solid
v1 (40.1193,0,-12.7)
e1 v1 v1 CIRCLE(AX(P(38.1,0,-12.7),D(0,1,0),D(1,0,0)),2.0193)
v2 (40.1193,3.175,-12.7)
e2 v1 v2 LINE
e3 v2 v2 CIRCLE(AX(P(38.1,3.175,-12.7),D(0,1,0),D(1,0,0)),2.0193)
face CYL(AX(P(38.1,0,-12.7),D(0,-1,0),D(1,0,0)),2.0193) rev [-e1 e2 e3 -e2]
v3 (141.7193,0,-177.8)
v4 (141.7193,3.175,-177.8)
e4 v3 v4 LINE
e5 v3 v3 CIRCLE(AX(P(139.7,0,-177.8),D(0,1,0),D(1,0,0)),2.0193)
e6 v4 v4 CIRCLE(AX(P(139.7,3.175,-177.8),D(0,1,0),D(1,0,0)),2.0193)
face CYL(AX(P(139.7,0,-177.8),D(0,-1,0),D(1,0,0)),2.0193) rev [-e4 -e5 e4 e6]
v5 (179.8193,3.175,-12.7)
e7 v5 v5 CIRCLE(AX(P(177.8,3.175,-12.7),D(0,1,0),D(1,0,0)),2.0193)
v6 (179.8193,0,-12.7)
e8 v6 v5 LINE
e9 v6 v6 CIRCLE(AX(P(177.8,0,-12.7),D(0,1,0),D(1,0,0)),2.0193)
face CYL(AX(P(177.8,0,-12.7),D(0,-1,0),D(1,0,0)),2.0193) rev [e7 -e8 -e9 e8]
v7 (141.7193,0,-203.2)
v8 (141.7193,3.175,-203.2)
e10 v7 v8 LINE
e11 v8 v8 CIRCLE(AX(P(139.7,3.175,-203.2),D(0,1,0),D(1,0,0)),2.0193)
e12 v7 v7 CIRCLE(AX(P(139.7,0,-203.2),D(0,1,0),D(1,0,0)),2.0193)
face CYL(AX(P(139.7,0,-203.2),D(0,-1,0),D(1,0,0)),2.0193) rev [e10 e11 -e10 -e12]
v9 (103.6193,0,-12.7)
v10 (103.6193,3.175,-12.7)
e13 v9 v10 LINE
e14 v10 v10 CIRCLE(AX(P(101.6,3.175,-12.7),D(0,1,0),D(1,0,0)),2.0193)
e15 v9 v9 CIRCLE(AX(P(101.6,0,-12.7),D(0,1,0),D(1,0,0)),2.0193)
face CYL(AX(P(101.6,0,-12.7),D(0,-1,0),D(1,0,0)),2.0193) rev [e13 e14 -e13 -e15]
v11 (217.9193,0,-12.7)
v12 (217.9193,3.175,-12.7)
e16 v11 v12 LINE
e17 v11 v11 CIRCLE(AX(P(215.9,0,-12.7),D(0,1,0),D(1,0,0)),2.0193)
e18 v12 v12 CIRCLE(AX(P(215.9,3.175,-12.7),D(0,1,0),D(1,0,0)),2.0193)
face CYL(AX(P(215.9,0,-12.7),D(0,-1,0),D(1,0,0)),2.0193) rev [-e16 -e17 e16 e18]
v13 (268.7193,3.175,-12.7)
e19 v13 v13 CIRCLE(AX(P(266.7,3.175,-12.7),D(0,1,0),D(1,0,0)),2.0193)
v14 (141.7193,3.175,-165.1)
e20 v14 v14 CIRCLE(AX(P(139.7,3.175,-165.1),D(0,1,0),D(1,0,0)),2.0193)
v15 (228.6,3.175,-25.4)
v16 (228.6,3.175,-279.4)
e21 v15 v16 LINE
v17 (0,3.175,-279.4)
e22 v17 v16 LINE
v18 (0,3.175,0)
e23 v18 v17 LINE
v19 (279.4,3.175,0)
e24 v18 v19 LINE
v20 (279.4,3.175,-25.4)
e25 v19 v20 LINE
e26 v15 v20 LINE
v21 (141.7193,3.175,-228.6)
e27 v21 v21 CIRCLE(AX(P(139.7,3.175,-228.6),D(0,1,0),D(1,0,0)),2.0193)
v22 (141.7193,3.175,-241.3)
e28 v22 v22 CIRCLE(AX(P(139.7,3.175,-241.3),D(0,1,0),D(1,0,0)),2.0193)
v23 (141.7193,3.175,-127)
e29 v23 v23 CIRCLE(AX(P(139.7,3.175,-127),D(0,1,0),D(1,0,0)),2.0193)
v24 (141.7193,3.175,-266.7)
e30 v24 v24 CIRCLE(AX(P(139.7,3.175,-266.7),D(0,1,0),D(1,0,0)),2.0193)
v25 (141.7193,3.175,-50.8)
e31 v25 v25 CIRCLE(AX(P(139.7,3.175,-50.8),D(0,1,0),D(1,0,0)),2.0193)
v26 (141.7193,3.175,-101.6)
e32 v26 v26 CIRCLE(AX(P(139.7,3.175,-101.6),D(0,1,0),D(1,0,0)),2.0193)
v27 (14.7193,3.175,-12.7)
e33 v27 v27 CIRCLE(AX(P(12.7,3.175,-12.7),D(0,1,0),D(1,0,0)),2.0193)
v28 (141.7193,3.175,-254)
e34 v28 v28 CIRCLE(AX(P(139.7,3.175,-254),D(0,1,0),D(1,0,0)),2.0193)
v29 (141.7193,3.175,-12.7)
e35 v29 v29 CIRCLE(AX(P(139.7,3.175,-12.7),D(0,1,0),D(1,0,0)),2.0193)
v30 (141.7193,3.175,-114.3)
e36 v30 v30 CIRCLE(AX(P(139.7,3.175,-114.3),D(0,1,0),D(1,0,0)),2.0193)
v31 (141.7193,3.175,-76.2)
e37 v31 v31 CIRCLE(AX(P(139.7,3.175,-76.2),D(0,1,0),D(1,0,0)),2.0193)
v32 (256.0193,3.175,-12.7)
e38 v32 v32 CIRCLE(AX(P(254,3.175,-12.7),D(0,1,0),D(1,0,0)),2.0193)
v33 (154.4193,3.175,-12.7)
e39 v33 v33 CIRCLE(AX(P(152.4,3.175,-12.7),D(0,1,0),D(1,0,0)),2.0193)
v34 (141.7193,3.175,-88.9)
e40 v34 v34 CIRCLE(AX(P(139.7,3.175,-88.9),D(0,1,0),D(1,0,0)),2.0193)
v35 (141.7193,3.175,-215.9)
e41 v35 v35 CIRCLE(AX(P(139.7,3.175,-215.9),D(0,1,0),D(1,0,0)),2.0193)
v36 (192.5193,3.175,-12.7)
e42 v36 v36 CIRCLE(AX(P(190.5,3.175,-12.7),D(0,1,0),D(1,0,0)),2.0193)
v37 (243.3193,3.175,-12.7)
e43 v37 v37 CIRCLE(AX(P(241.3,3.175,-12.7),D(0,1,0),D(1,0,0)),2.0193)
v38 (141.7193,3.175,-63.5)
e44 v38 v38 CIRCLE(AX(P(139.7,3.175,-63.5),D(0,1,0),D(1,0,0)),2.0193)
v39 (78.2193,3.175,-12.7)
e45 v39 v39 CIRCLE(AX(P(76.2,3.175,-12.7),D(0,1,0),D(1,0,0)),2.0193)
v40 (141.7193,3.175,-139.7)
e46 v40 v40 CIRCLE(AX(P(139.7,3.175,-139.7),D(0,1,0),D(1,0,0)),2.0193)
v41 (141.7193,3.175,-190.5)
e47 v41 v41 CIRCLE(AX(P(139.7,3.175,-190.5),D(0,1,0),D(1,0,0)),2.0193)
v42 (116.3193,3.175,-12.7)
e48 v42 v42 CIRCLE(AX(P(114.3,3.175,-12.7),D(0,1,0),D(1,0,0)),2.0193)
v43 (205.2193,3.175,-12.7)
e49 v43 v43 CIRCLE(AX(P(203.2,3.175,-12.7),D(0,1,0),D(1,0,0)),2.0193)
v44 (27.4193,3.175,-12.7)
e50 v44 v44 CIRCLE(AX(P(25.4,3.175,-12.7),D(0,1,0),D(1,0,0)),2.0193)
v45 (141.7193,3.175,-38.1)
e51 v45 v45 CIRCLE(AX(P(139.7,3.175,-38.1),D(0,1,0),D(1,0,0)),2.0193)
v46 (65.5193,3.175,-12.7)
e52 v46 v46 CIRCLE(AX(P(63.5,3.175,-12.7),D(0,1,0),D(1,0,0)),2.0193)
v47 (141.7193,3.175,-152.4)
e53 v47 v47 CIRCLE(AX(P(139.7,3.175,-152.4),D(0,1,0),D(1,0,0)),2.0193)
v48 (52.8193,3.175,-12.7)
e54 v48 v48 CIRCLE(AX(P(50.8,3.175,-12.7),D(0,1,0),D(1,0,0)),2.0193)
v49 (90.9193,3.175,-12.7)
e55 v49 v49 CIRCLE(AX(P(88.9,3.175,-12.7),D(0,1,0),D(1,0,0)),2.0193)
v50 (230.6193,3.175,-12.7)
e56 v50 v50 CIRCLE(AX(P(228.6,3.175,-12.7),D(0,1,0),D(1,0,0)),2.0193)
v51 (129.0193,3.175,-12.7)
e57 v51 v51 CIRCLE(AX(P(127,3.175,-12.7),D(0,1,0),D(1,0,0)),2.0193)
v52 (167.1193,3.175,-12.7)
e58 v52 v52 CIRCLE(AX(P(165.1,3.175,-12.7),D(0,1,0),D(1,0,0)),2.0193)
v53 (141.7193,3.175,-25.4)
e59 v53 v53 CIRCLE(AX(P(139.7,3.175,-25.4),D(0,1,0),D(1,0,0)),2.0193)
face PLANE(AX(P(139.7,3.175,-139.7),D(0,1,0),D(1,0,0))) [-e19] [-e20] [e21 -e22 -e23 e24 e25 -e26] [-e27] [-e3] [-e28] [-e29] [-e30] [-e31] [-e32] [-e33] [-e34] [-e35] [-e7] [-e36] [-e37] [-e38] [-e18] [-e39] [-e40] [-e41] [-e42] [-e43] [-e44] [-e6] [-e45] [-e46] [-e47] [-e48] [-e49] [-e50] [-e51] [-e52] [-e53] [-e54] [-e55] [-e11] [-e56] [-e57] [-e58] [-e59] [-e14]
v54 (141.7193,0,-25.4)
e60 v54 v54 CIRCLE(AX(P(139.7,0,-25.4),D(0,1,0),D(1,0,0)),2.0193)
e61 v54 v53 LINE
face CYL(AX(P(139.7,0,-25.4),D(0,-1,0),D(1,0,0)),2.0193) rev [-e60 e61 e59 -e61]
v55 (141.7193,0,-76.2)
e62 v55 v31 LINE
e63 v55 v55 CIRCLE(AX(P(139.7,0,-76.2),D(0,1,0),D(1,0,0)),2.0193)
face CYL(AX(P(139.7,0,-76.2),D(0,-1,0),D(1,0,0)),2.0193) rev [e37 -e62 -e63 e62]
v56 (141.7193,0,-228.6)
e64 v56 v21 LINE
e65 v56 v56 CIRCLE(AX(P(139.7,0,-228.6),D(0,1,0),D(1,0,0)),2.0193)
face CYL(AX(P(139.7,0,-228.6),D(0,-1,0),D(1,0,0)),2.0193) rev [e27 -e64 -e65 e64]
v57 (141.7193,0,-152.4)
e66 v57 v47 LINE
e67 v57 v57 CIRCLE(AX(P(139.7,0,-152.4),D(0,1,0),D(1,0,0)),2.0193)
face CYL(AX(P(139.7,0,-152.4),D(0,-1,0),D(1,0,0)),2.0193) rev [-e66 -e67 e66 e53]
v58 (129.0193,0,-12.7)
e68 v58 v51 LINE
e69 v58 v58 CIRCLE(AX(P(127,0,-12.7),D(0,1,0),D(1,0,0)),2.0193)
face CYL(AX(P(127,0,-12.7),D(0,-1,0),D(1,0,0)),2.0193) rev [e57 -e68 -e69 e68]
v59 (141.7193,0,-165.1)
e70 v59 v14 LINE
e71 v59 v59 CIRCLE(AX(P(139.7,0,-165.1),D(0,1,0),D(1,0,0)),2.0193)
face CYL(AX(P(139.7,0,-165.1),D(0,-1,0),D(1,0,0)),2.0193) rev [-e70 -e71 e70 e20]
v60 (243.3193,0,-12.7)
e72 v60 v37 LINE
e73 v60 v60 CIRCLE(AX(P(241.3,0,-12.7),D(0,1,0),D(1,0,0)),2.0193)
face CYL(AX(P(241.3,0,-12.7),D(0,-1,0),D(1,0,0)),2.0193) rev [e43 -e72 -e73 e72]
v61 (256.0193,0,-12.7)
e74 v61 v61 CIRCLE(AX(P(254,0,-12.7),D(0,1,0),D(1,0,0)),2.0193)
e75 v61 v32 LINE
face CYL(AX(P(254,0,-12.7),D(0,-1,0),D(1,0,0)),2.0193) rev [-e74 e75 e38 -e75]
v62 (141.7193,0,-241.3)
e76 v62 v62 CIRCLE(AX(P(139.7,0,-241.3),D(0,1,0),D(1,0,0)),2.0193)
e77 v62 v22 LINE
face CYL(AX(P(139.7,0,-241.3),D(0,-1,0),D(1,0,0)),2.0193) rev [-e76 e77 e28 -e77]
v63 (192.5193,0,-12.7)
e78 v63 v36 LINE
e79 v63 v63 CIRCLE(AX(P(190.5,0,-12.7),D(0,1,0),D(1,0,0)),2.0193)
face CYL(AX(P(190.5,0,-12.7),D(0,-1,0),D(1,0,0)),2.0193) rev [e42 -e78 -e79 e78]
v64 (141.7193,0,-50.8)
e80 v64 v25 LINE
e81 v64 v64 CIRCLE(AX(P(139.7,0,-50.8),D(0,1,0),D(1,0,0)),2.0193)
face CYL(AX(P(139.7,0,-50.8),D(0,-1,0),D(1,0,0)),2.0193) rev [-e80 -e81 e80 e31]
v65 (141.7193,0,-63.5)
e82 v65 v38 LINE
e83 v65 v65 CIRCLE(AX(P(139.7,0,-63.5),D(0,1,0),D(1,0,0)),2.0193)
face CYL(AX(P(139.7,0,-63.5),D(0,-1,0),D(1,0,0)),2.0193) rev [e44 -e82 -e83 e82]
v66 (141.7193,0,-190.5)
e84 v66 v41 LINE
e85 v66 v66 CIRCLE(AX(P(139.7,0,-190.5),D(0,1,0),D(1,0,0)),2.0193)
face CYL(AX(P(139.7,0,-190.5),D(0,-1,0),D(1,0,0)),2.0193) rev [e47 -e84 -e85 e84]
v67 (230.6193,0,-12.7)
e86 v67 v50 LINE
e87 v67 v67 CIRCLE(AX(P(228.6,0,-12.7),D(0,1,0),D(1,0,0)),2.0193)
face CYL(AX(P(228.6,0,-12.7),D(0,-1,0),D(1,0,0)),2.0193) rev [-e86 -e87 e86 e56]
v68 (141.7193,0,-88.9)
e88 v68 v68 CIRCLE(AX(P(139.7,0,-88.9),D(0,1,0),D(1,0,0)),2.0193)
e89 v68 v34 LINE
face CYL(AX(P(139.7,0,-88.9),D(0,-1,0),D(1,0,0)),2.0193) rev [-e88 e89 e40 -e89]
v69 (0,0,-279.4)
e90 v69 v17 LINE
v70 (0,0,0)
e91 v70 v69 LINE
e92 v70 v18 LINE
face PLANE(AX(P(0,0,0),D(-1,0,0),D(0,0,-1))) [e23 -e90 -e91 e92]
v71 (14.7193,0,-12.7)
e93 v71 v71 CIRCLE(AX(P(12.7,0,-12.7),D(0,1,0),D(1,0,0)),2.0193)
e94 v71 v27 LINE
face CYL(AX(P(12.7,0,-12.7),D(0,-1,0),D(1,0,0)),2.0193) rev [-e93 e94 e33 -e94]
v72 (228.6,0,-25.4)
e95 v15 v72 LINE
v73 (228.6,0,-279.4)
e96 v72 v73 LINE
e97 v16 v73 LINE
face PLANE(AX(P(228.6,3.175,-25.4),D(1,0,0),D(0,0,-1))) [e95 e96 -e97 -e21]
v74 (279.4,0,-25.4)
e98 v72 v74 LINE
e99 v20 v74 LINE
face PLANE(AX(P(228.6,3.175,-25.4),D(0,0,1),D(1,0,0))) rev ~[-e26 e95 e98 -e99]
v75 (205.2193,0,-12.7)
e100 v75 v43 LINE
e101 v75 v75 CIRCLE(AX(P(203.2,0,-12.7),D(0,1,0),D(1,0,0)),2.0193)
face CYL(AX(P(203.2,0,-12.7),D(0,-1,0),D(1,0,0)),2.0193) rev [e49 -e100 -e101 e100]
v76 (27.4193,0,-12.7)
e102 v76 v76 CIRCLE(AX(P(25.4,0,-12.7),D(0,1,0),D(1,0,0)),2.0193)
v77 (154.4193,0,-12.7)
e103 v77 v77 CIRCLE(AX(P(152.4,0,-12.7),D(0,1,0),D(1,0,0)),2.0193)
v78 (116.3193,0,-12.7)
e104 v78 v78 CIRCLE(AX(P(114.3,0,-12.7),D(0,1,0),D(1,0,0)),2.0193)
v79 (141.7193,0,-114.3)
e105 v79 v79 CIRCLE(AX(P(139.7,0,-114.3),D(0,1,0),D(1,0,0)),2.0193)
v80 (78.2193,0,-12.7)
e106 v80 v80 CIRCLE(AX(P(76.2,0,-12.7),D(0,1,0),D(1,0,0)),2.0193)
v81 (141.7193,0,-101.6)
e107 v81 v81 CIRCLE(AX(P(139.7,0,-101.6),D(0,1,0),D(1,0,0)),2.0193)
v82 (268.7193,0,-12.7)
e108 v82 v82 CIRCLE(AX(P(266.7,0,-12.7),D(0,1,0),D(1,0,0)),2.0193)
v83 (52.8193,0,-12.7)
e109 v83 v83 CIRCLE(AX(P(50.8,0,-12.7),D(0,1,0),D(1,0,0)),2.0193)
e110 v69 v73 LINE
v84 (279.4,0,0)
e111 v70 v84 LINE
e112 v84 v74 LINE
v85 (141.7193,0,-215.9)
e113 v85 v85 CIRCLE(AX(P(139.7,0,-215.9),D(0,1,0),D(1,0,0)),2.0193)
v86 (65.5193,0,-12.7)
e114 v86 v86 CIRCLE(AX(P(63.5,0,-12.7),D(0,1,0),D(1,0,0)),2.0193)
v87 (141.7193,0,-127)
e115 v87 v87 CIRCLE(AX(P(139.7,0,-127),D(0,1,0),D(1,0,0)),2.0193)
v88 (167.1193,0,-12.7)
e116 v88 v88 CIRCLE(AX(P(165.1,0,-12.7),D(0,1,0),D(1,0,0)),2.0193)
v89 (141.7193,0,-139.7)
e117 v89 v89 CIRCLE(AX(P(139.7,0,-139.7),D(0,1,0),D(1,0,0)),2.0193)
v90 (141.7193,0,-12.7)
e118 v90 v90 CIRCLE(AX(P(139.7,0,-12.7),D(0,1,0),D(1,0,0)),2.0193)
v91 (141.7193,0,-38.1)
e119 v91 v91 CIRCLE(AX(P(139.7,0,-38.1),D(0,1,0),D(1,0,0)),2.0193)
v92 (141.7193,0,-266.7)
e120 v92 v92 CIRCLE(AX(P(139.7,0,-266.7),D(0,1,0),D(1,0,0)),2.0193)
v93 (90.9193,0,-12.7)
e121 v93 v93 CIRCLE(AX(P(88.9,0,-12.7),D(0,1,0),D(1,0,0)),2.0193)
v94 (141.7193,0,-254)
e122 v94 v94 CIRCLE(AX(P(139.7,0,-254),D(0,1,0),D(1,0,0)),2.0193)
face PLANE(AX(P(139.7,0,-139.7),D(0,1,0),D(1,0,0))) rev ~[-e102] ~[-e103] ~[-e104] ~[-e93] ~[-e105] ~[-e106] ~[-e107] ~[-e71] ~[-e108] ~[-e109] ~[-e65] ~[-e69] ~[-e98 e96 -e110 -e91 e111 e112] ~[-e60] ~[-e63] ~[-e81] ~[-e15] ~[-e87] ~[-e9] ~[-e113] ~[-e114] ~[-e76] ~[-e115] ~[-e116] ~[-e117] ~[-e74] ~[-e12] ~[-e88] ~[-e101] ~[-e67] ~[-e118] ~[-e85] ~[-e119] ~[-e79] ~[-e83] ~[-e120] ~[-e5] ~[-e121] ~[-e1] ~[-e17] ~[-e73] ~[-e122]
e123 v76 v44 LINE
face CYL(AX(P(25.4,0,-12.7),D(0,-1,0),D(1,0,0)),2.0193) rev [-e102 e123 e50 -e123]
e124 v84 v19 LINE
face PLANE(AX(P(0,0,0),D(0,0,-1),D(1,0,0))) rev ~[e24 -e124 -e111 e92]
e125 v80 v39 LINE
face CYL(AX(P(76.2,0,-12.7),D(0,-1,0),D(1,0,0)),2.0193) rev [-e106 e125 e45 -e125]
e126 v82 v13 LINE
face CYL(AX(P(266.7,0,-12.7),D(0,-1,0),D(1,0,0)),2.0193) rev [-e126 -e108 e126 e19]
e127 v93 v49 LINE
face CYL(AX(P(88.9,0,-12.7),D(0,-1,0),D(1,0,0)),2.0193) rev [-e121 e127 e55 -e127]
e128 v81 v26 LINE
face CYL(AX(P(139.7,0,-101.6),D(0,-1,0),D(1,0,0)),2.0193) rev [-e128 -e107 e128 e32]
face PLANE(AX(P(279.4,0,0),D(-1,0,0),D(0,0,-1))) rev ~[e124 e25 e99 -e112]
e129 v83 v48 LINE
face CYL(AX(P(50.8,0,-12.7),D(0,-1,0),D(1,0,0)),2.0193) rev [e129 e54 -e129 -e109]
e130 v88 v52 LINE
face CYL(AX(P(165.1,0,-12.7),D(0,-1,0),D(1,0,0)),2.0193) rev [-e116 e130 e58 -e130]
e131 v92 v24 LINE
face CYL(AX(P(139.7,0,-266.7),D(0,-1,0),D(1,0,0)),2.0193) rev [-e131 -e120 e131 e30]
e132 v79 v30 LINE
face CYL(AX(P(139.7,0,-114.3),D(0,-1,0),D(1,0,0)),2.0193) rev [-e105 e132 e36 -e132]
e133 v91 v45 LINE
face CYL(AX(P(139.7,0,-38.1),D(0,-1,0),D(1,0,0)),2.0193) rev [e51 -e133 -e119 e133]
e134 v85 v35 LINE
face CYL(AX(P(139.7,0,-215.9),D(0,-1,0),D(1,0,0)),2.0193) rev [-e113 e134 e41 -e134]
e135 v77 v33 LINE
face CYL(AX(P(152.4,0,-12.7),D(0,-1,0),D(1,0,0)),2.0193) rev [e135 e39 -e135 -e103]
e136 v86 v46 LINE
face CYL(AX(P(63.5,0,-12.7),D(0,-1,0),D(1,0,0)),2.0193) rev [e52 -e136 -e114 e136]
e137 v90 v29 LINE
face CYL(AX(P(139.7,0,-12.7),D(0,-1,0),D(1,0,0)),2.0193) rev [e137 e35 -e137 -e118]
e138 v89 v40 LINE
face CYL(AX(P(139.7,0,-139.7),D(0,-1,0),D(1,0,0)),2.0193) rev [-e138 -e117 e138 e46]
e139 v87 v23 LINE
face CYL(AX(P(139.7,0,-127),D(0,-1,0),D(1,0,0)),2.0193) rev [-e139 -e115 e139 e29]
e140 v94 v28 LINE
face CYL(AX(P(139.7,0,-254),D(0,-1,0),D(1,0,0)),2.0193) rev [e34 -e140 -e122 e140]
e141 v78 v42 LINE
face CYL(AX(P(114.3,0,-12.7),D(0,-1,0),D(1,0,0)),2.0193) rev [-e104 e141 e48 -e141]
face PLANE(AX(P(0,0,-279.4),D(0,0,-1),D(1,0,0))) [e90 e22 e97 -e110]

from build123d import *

# Parameters (mm, degrees)
SKETCH1_W           = 279.4
SKETCH1_H           = 279.4
SKETCH1_R           = 2.0193
BOSS_EXTRUDE1_DEPTH = 3.175
SKETCH2_W           = 50.8
SKETCH2_H           = 254
CUT_EXTRUDE1_DEPTH  = 4.175


with BuildPart() as part:
    # Sketch1 → Boss-Extrude1 (new body)
    with BuildSketch(Plane(origin=(0, 0, 0), x_dir=(1, 0, 0), z_dir=(0, 1, 0))):
        with Locations((139.7, 139.7)):
            Rectangle(SKETCH1_W, SKETCH1_H)
        with Locations((12.7, 12.7)):
            Circle(SKETCH1_R, mode=Mode.SUBTRACT)
        with Locations((25.4, 12.7)):
            Circle(SKETCH1_R, mode=Mode.SUBTRACT)
        with Locations((38.1, 12.7)):
            Circle(SKETCH1_R, mode=Mode.SUBTRACT)
        with Locations((50.8, 12.7)):
            Circle(SKETCH1_R, mode=Mode.SUBTRACT)
        with Locations((63.5, 12.7)):
            Circle(SKETCH1_R, mode=Mode.SUBTRACT)
        with Locations((76.2, 12.7)):
            Circle(SKETCH1_R, mode=Mode.SUBTRACT)
        with Locations((88.9, 12.7)):
            Circle(SKETCH1_R, mode=Mode.SUBTRACT)
        with Locations((101.6, 12.7)):
            Circle(SKETCH1_R, mode=Mode.SUBTRACT)
        with Locations((114.3, 12.7)):
            Circle(SKETCH1_R, mode=Mode.SUBTRACT)
        with Locations((127, 12.7)):
            Circle(SKETCH1_R, mode=Mode.SUBTRACT)
        with Locations((139.7, 12.7)):
            Circle(SKETCH1_R, mode=Mode.SUBTRACT)
        with Locations((139.7, 25.4)):
            Circle(SKETCH1_R, mode=Mode.SUBTRACT)
        with Locations((139.7, 38.1)):
            Circle(SKETCH1_R, mode=Mode.SUBTRACT)
        with Locations((139.7, 50.8)):
            Circle(SKETCH1_R, mode=Mode.SUBTRACT)
        with Locations((139.7, 63.5)):
            Circle(SKETCH1_R, mode=Mode.SUBTRACT)
        with Locations((139.7, 76.2)):
            Circle(SKETCH1_R, mode=Mode.SUBTRACT)
        with Locations((139.7, 88.9)):
            Circle(SKETCH1_R, mode=Mode.SUBTRACT)
        with Locations((139.7, 101.6)):
            Circle(SKETCH1_R, mode=Mode.SUBTRACT)
        with Locations((139.7, 114.3)):
            Circle(SKETCH1_R, mode=Mode.SUBTRACT)
        with Locations((139.7, 127)):
            Circle(SKETCH1_R, mode=Mode.SUBTRACT)
        with Locations((139.7, 139.7)):
            Circle(SKETCH1_R, mode=Mode.SUBTRACT)
        with Locations((139.7, 152.4)):
            Circle(SKETCH1_R, mode=Mode.SUBTRACT)
        with Locations((139.7, 165.1)):
            Circle(SKETCH1_R, mode=Mode.SUBTRACT)
        with Locations((139.7, 177.8)):
            Circle(SKETCH1_R, mode=Mode.SUBTRACT)
        with Locations((139.7, 190.5)):
            Circle(SKETCH1_R, mode=Mode.SUBTRACT)
        with Locations((139.7, 203.2)):
            Circle(SKETCH1_R, mode=Mode.SUBTRACT)
        with Locations((139.7, 215.9)):
            Circle(SKETCH1_R, mode=Mode.SUBTRACT)
        with Locations((139.7, 228.6)):
            Circle(SKETCH1_R, mode=Mode.SUBTRACT)
        with Locations((139.7, 241.3)):
            Circle(SKETCH1_R, mode=Mode.SUBTRACT)
        with Locations((139.7, 254)):
            Circle(SKETCH1_R, mode=Mode.SUBTRACT)
        with Locations((139.7, 266.7)):
            Circle(SKETCH1_R, mode=Mode.SUBTRACT)
        with Locations((152.4, 12.7)):
            Circle(SKETCH1_R, mode=Mode.SUBTRACT)
        with Locations((165.1, 12.7)):
            Circle(SKETCH1_R, mode=Mode.SUBTRACT)
        with Locations((177.8, 12.7)):
            Circle(SKETCH1_R, mode=Mode.SUBTRACT)
        with Locations((190.5, 12.7)):
            Circle(SKETCH1_R, mode=Mode.SUBTRACT)
        with Locations((203.2, 12.7)):
            Circle(SKETCH1_R, mode=Mode.SUBTRACT)
        with Locations((215.9, 12.7)):
            Circle(SKETCH1_R, mode=Mode.SUBTRACT)
        with Locations((228.6, 12.7)):
            Circle(SKETCH1_R, mode=Mode.SUBTRACT)
        with Locations((241.3, 12.7)):
            Circle(SKETCH1_R, mode=Mode.SUBTRACT)
        with Locations((254, 12.7)):
            Circle(SKETCH1_R, mode=Mode.SUBTRACT)
        with Locations((266.7, 12.7)):
            Circle(SKETCH1_R, mode=Mode.SUBTRACT)
    extrude(amount=BOSS_EXTRUDE1_DEPTH)

    # Sketch2 → Cut-Extrude1 (cut, through all)
    with BuildSketch(Plane(origin=(0, 3.175, 0), x_dir=(1, 0, 0), z_dir=(0, 1, 0))):
        with Locations((254, 152.4)):
            Rectangle(SKETCH2_W, SKETCH2_H)
    extrude(amount=-CUT_EXTRUDE1_DEPTH, mode=Mode.SUBTRACT)


solid = part.part
